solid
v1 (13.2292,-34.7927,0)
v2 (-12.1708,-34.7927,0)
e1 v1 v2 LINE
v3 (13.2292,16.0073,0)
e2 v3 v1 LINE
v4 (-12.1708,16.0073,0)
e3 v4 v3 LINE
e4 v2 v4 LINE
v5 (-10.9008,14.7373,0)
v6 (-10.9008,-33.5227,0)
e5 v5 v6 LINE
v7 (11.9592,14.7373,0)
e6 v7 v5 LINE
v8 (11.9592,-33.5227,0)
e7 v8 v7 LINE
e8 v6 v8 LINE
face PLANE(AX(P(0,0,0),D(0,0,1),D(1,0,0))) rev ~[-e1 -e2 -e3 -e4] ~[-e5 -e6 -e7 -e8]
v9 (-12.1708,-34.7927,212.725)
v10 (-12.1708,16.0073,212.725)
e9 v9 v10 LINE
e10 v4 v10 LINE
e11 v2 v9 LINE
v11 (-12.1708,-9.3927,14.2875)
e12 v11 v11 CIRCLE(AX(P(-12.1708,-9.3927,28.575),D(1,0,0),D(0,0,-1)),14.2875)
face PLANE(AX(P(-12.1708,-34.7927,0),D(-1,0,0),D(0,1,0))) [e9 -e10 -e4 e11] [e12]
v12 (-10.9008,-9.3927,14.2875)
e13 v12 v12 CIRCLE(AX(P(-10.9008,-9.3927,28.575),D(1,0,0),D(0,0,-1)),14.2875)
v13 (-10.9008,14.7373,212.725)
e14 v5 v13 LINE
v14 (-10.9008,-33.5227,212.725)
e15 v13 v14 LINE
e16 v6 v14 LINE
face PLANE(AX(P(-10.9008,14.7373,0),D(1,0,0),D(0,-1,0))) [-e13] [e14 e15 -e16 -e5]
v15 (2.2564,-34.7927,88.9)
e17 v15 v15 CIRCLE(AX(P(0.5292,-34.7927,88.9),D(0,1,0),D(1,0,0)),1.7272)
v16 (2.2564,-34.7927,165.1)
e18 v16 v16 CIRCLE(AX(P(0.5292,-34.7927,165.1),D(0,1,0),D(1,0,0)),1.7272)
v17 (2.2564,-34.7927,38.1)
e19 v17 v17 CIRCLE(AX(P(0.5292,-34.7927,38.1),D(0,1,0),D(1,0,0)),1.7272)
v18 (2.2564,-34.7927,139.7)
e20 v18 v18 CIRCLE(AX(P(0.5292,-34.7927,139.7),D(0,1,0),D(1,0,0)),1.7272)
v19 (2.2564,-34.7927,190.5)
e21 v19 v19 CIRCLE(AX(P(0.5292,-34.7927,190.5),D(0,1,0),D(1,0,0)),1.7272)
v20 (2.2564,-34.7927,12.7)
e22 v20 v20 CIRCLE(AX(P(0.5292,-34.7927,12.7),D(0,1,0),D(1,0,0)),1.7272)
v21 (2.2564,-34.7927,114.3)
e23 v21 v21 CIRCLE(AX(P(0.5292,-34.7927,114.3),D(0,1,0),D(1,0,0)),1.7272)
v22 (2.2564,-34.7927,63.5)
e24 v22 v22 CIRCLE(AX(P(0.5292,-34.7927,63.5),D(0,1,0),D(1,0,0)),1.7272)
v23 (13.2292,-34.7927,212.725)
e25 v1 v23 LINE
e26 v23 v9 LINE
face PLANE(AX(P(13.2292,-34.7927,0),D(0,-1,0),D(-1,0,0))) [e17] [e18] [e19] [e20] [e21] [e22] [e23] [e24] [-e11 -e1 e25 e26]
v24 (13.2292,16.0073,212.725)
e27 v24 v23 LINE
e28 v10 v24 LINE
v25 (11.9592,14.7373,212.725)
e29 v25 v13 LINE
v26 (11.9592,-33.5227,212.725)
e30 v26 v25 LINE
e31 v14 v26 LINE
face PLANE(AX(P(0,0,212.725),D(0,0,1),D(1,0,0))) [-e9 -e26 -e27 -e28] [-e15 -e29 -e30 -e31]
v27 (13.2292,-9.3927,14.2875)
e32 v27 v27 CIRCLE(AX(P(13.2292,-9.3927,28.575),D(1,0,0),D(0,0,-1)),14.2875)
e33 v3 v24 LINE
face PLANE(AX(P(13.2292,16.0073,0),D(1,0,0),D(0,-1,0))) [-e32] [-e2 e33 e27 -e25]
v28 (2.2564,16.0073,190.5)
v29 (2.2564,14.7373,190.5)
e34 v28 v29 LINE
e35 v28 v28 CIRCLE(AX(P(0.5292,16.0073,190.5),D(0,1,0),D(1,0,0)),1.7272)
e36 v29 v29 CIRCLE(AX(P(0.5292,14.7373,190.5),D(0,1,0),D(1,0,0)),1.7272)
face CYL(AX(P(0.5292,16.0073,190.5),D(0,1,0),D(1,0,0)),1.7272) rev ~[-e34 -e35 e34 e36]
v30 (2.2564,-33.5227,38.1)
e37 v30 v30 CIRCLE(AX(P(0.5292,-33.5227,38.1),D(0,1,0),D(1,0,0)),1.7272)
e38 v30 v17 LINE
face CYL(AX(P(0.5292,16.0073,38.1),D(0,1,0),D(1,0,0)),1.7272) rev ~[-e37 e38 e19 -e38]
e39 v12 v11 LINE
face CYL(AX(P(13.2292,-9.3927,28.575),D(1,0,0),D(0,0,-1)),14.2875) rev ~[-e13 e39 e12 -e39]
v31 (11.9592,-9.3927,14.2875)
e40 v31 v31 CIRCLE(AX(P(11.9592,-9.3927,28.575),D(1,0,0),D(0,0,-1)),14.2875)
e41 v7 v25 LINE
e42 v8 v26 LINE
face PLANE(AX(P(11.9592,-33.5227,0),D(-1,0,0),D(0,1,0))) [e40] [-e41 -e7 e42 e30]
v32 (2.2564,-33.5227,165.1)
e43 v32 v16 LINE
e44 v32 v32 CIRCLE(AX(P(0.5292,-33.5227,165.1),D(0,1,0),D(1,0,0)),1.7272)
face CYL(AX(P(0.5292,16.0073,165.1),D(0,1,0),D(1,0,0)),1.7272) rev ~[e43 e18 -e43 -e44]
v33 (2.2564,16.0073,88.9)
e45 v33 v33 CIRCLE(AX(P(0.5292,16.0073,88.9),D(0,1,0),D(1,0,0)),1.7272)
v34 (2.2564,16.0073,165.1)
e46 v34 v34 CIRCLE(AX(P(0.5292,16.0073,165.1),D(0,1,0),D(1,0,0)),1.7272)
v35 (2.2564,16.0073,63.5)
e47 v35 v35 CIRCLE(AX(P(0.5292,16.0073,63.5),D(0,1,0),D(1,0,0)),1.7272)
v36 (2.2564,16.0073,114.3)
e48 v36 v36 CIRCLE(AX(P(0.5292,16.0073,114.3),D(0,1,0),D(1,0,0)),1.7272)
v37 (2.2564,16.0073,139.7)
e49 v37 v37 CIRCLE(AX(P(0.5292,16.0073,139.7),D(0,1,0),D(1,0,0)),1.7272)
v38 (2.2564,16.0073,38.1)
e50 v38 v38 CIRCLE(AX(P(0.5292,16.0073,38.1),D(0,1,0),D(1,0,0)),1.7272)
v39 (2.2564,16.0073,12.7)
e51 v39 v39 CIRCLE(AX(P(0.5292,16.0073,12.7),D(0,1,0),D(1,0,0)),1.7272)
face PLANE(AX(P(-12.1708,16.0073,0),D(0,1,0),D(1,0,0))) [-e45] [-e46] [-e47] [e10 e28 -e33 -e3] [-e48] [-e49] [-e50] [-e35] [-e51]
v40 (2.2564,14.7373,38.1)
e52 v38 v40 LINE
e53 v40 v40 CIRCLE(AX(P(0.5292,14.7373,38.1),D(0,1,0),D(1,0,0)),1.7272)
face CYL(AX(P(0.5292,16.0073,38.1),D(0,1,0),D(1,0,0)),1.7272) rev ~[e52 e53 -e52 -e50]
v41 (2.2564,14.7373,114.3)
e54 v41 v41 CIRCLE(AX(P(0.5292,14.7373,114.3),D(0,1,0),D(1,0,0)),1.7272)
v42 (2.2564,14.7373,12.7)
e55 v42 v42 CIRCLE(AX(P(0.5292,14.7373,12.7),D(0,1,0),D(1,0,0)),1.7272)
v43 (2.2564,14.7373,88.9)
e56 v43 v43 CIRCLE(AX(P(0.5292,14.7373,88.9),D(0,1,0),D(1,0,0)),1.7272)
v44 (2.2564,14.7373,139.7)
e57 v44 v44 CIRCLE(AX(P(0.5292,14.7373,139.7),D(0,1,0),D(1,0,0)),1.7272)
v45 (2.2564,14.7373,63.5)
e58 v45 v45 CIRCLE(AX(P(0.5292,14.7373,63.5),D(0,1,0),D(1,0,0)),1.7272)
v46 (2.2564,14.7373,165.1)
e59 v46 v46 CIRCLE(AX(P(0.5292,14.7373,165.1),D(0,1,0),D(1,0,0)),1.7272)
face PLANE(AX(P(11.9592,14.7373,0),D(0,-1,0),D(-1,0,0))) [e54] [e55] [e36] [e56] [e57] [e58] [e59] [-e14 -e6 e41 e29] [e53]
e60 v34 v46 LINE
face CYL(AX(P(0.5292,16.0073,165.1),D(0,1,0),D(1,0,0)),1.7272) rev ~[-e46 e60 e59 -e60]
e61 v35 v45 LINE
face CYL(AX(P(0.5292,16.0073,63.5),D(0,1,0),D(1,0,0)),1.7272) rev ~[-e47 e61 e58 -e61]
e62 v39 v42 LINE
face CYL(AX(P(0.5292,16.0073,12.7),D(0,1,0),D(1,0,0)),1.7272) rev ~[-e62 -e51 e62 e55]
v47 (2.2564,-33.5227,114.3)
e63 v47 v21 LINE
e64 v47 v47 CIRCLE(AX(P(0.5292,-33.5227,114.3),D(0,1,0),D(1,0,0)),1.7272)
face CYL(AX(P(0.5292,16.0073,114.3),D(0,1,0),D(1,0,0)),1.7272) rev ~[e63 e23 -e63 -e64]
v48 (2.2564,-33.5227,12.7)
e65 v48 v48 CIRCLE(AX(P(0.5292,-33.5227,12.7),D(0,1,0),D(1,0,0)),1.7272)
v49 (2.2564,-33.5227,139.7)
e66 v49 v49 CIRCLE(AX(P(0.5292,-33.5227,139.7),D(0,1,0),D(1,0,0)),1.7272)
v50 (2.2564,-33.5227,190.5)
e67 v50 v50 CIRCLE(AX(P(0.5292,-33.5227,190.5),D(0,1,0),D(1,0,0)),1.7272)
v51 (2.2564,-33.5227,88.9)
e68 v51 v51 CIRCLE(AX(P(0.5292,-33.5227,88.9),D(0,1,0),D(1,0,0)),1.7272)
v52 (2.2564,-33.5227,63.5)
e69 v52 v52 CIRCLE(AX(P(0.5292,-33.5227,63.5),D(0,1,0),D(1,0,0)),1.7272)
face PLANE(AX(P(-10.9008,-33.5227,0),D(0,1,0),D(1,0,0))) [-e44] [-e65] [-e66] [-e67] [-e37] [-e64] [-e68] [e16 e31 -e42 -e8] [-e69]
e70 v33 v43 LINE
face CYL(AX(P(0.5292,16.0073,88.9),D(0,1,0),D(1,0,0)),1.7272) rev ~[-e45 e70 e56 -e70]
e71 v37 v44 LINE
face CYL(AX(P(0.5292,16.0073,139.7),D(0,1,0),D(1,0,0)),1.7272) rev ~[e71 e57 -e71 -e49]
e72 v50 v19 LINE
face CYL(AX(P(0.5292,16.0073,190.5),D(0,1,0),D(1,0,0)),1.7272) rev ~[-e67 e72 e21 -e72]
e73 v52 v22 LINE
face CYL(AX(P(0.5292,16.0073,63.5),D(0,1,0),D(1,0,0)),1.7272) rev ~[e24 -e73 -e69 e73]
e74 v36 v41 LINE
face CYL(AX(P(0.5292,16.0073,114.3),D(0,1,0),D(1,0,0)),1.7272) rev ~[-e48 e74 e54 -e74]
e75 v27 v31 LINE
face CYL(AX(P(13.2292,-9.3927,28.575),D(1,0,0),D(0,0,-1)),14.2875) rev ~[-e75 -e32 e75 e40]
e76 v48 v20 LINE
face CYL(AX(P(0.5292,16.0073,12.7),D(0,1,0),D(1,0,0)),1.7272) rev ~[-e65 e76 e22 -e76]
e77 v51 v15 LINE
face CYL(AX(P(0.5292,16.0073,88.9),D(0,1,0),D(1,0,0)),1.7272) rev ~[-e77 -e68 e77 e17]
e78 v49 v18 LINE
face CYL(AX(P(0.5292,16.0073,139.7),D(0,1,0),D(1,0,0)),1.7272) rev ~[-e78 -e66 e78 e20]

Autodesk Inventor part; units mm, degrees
ref_plane "YZ Plane" through (0, 0, 0) normal (1, 0, 0) x (0, 1, 0)
ref_plane "XZ Plane" through (0, 0, 0) normal (0, 1, 0) x (-1, 0, 0)
ref_plane "XY Plane" through (0, 0, 0) normal (0, 0, 1) x (1, 0, 0)
sketch "Sketch1" plane through (0, 0, 0) normal (0, 0, 1) x (1, 0, 0)
  line L0 (-12.1708, 16.0073) -> (13.2292, 16.0073)
  line L1 (13.2292, 16.0073) -> (13.2292, -34.7927)
  line L2 (13.2292, -34.7927) -> (-12.1708, -34.7927)
  line L3 (-12.1708, -34.7927) -> (-12.1708, 16.0073)
  line L4 (11.9592, 14.7373) -> (-10.9008, 14.7373)
  line L5 (-10.9008, 14.7373) -> (-10.9008, -33.5227)
  line L6 (-10.9008, -33.5227) -> (11.9592, -33.5227)
  line L7 (11.9592, -33.5227) -> (11.9592, 14.7373)
  point P0 (0, 0)
  dimension "d0" = 25.4
  dimension "d1" = 50.8
  dimension "d2" = 1.27
extrude "Extrusion1" add sketch "Sketch1" along normal blind 212.725
sketch "Sketch2" plane through (-12.1708, 16.0073, 0) normal (0, 1, 0) x (1, 0, 0)
  circle A0 centre (12.7, -12.7) radius 1.7272
  line L0 (25.4, 0) -> (0, 0) projected
  line L1 (0, 0) -> (0, -212.725) projected
  point P0 (12.1708, 0)
  dimension "d5" = 3.4544
  dimension "d6" = 12.7
  dimension "d7" = 12.7
extrude "Extrusion2" cut sketch "Sketch2" against normal through all
pattern_linear "Rectangular Pattern1" count 21 spacing 25.4 along (0, 0, 1) of "Extrusion2"
sketch "Sketch5" plane through (13.2292, -34.7927, 0) normal (1, 0, 0) x (0, 0, -1)
  line L0 (-212.725, 0) -> (-212.725, 50.8) projected
  line L1 (0, 50.8) -> (-212.725, 50.8) projected
  circle A0 centre (-28.575, 25.4) radius 14.2875
  line L2 (0, 0) -> (-212.725, 0) projected
  point P0 (0, 34.7927)
  dimension "d52" = 28.575
  dimension "d54" = 25.4
  dimension "d62" = 25.4
  dimension "d63" = 28.575
extrude "Extrusion5" cut sketch "Sketch5" against normal through all
equation "\"d3\" = d13"
equation "\"d10\" = d14"
equation "\"d13\" = 212.725"
equation "\"d14\" = d13"
equation "\"d32\" = 101.6"
properties part number "AIntakeSupport1"
